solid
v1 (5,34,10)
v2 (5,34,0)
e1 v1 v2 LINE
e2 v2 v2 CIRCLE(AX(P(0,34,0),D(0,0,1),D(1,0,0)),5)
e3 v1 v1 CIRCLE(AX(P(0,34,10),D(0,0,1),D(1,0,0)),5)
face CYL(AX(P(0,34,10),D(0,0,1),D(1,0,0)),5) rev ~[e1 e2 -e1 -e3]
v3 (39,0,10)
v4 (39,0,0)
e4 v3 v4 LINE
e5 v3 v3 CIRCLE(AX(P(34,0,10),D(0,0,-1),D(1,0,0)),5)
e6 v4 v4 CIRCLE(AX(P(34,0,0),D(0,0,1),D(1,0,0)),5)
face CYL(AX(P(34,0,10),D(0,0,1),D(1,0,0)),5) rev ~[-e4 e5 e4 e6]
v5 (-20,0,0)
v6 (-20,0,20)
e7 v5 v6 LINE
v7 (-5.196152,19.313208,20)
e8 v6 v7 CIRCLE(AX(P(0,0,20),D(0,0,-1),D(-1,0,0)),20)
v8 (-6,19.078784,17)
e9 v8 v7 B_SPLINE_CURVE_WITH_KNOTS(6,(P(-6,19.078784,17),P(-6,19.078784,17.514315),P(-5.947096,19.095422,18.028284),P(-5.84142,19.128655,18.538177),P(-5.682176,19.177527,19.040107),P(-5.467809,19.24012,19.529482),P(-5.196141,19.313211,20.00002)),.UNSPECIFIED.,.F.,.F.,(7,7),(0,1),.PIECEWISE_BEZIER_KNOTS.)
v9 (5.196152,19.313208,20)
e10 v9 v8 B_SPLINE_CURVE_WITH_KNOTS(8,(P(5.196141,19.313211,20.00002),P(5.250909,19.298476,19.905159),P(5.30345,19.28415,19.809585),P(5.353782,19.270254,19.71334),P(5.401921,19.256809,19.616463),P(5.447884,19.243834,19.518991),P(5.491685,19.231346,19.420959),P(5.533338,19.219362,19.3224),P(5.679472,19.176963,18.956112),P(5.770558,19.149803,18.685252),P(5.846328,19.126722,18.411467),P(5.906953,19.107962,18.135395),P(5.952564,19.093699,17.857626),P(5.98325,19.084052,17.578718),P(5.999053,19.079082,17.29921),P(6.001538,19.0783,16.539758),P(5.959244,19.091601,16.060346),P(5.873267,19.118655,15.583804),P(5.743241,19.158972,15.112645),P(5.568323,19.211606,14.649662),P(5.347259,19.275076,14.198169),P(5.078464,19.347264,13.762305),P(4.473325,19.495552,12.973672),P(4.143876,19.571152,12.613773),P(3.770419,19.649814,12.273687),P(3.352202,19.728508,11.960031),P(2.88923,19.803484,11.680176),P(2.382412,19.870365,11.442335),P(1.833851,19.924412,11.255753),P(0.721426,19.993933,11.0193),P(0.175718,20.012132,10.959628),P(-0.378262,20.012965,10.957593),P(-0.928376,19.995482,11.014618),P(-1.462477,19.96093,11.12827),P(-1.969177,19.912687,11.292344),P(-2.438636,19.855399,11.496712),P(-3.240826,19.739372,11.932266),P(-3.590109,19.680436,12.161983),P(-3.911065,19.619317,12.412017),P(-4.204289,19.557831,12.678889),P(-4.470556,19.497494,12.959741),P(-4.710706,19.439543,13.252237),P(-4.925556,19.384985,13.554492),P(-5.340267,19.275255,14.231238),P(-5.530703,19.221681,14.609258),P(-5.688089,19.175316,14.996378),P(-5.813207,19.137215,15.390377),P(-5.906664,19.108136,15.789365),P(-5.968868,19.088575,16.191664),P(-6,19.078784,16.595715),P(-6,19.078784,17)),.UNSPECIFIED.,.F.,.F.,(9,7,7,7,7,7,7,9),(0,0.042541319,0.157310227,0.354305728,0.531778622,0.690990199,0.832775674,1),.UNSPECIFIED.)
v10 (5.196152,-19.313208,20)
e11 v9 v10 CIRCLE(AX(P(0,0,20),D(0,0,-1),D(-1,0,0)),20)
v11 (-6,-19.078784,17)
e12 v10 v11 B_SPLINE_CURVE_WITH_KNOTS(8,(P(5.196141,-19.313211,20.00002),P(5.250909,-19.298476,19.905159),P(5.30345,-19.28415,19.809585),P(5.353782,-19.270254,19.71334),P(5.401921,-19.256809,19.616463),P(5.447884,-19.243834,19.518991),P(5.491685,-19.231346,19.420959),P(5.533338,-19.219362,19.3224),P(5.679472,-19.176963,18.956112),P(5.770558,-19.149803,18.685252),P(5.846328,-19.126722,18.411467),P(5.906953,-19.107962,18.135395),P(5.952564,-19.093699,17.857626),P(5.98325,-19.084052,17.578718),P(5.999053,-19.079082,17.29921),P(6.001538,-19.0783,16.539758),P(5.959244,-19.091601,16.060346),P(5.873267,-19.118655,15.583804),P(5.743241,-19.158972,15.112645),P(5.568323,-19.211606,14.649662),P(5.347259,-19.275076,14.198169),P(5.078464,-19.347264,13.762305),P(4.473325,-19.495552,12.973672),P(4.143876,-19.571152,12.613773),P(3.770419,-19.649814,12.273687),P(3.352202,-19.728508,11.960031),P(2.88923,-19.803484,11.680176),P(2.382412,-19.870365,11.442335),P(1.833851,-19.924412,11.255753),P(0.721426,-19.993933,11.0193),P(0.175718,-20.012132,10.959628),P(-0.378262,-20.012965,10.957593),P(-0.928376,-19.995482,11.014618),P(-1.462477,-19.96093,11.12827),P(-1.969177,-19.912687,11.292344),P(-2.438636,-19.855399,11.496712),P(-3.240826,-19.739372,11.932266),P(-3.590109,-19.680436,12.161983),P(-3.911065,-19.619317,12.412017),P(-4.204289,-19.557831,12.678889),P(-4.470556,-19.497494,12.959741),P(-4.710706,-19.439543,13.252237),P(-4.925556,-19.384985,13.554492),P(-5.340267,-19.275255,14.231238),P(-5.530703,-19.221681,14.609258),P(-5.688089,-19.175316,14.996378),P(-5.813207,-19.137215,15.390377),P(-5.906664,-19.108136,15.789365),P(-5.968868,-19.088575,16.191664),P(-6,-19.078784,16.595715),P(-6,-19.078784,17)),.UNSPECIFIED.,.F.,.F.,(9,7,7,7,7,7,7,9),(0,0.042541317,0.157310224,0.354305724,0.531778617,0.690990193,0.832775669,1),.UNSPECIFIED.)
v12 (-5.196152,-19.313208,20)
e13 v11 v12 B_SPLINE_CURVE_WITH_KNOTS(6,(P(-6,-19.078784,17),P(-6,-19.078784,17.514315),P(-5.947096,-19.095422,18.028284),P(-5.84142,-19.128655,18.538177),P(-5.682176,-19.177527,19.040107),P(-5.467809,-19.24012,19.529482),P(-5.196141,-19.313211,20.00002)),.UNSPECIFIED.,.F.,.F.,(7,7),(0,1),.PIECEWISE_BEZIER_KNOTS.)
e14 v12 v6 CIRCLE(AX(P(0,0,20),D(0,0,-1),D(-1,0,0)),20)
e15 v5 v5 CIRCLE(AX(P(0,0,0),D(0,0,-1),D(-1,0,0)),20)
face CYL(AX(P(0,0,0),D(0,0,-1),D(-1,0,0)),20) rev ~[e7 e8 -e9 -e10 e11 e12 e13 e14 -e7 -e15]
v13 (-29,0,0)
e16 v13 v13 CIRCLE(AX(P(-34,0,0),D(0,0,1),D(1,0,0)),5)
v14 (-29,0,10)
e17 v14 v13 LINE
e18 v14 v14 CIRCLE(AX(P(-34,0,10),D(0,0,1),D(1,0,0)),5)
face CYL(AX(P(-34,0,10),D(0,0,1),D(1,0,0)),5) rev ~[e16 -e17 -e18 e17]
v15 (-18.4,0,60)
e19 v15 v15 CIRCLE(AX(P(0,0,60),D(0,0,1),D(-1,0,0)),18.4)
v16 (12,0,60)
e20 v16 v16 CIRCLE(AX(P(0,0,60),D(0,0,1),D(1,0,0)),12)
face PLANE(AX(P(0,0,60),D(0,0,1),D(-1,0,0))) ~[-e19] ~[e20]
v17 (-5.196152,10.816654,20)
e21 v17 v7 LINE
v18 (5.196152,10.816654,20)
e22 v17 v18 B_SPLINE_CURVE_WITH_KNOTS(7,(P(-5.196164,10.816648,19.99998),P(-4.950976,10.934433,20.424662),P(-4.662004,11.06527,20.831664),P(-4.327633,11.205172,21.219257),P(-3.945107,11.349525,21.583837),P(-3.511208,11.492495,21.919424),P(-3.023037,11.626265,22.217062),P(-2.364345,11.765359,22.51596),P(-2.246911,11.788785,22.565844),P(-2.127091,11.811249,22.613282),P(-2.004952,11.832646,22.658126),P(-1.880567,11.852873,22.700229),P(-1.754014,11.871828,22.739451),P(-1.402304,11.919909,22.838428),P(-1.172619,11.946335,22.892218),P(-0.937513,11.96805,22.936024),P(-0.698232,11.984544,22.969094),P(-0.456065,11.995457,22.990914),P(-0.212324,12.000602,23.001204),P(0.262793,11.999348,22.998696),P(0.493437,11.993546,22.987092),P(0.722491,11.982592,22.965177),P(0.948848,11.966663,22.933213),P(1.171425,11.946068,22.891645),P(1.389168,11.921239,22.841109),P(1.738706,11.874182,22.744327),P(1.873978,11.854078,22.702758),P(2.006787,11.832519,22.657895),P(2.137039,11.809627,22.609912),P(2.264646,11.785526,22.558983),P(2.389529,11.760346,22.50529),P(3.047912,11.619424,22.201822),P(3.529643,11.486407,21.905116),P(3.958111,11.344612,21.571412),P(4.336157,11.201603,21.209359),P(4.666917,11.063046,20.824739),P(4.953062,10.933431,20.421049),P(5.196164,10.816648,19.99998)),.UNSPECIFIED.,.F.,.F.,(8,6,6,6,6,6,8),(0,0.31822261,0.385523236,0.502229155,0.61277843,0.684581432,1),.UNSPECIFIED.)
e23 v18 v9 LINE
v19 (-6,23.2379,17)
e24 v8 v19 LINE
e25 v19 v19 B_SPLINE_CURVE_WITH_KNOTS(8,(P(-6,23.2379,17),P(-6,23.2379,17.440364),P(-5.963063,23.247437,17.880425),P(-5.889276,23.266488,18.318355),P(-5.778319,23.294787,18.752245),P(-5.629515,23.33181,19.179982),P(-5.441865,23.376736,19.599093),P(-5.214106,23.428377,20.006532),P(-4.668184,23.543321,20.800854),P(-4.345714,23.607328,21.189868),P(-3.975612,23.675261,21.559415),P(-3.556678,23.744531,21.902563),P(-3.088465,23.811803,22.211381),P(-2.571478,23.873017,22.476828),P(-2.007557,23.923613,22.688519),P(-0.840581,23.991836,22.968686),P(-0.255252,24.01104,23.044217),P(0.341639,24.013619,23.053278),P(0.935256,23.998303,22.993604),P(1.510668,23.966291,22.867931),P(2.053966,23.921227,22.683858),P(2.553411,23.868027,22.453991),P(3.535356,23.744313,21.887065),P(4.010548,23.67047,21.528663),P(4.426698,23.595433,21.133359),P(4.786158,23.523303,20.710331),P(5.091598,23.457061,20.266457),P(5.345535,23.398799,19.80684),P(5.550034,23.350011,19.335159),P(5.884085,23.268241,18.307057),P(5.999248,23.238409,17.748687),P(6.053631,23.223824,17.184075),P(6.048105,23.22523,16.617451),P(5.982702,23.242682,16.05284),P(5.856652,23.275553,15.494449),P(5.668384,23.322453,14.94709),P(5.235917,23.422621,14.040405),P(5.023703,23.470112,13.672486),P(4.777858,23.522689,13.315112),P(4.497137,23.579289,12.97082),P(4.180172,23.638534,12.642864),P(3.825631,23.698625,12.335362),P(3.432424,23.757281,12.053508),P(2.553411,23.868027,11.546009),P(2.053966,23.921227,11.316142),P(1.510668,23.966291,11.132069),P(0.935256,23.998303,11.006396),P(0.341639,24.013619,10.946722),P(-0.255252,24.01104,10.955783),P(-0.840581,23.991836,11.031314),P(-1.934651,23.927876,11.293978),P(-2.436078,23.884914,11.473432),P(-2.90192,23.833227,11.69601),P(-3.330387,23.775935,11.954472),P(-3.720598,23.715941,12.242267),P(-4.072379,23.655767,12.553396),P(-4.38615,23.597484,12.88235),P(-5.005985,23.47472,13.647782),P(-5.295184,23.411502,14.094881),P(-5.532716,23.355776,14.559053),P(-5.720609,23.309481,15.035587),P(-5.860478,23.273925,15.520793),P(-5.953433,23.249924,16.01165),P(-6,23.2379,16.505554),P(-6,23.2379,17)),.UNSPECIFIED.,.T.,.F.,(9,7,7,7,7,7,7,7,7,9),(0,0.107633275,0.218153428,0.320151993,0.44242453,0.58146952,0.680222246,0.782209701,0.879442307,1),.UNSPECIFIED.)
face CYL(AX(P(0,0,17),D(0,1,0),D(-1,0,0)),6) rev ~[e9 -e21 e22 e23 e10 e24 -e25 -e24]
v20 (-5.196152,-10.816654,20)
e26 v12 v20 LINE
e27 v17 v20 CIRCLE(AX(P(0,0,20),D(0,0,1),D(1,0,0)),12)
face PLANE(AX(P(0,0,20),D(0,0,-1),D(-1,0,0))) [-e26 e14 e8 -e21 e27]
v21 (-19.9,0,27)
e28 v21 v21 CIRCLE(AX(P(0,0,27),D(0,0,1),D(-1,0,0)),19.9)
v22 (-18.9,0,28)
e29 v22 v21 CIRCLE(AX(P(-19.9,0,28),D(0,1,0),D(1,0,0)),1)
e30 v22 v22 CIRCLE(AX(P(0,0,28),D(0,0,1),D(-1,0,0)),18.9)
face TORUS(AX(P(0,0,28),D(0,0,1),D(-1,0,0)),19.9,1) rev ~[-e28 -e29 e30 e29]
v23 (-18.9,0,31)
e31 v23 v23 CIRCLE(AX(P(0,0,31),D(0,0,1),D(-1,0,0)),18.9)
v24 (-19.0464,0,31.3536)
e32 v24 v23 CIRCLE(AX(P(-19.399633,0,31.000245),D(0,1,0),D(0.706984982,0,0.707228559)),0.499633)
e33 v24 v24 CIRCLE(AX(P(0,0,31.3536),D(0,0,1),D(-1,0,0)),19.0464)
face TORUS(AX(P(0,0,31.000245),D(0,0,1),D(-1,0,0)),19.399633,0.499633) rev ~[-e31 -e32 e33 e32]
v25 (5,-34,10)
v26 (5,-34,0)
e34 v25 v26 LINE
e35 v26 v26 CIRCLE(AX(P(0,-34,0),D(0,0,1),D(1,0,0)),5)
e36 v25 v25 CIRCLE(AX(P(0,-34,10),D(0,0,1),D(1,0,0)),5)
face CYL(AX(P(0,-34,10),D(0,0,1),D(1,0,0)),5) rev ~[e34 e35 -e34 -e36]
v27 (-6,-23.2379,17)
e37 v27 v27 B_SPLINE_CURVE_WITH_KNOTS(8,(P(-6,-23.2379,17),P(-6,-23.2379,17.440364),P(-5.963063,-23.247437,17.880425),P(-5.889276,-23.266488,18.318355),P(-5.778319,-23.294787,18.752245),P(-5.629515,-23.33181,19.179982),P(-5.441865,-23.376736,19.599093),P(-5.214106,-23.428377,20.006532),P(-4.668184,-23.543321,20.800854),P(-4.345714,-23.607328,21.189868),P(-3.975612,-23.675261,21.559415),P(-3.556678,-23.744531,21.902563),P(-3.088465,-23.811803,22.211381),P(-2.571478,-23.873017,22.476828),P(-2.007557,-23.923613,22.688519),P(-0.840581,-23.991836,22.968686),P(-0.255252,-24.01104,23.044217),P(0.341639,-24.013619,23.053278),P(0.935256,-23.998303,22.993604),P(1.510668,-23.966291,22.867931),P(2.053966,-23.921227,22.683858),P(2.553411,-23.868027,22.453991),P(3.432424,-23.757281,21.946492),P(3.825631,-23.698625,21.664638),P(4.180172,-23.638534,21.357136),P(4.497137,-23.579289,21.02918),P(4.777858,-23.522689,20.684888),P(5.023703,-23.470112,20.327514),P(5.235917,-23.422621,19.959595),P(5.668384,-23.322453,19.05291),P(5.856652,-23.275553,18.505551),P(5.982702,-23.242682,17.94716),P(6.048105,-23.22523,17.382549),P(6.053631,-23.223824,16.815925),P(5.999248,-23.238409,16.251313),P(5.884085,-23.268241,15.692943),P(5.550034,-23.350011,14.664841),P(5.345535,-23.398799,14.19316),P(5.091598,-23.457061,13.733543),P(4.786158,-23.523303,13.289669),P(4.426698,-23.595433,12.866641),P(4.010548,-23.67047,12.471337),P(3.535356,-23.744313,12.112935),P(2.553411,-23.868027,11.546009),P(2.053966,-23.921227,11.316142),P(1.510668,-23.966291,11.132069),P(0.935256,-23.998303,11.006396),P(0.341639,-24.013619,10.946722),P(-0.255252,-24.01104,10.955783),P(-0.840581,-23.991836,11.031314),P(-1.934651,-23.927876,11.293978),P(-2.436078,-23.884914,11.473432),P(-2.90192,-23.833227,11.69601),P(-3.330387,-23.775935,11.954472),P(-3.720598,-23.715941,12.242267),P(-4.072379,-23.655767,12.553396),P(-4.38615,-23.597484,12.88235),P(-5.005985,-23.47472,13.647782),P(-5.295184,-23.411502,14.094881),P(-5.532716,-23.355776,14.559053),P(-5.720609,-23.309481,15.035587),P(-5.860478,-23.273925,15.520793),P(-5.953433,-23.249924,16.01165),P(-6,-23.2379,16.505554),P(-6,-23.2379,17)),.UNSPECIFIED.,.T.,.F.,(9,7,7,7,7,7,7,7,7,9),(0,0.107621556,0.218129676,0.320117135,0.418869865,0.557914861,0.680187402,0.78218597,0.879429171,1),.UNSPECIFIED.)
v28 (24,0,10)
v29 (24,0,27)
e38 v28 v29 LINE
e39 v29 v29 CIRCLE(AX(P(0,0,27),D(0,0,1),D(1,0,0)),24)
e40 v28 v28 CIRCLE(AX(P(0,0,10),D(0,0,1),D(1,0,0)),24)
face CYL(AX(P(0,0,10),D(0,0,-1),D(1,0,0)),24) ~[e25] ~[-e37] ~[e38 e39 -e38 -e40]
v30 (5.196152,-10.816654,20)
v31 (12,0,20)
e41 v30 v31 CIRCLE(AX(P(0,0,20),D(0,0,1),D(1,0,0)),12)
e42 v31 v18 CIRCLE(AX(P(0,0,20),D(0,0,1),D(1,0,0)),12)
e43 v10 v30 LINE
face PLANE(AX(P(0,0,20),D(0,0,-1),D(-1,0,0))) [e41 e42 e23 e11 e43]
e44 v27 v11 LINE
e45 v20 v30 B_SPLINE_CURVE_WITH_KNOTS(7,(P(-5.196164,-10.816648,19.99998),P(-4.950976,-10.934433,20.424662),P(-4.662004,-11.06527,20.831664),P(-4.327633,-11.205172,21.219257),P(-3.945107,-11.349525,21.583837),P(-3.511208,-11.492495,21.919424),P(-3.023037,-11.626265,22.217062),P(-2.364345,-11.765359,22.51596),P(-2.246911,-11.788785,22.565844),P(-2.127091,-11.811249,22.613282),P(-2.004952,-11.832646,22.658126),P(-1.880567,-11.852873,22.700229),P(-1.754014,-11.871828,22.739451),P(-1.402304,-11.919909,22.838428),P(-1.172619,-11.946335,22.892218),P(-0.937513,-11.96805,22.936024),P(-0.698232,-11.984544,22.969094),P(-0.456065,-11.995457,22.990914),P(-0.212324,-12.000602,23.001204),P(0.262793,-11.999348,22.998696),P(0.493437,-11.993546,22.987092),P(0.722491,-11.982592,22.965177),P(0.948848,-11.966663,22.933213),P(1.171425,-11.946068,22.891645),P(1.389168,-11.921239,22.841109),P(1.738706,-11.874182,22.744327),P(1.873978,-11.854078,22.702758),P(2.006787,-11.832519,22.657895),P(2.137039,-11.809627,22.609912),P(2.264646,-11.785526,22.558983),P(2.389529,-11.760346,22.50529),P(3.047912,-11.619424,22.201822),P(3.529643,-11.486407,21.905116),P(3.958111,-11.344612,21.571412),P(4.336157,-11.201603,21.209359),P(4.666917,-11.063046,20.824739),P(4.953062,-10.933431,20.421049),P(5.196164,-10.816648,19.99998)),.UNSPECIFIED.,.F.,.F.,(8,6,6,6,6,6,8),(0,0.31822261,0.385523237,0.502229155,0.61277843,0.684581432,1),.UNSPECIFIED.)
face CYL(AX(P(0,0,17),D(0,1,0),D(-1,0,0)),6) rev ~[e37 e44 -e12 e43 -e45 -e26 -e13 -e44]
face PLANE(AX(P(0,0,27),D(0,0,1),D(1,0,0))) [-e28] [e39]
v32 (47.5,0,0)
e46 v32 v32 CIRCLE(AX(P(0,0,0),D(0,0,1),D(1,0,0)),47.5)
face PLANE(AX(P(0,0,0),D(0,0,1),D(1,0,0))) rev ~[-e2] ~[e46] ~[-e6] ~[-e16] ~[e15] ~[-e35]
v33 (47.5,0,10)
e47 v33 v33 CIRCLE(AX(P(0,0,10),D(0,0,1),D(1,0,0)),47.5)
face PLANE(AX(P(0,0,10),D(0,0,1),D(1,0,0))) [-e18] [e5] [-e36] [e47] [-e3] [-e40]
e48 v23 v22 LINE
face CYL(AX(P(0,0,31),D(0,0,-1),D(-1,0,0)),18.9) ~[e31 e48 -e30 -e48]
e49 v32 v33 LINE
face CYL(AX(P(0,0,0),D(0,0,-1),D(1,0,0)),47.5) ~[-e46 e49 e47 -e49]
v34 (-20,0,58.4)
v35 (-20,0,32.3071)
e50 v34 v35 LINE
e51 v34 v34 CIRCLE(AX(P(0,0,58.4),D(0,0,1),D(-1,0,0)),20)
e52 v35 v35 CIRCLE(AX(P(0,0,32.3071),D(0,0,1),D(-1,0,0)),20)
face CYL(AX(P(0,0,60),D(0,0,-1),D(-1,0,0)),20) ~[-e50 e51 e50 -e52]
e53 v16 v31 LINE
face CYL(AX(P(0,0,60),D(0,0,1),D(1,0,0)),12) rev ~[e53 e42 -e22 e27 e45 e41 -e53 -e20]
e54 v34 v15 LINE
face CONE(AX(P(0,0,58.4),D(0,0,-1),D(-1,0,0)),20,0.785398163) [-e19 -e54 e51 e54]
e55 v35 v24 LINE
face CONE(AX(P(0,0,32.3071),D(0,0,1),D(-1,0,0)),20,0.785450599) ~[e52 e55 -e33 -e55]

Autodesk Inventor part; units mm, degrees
ref_plane "YZ Plane" through (0, 0, 0) normal (1, 0, 0) x (0, 1, 0)
ref_plane "XZ Plane" through (0, 0, 0) normal (0, 1, 0) x (-1, 0, 0)
ref_plane "XY Plane" through (0, 0, 0) normal (0, 0, 1) x (1, 0, 0)
sketch "Эскиз1" plane through (0, 0, 0) normal (0, 0, 1) x (1, 0, 0)
  circle A0 centre (0, 0) radius 47.5
  dimension "d0" = 95
extrude "Выдавливание1" add sketch "Эскиз1" along normal blind 10
sketch "Эскиз2" plane through (0, 0, 10) normal (0, 0, 1) x (1, 0, 0)
  circle A0 centre (0, 0) radius 24
  dimension "d3" = 48
extrude "Выдавливание2" add sketch "Эскиз2" along normal blind 17
sketch "Эскиз4" plane through (0, 0, 10) normal (0, 0, 1) x (1, 0, 0)
  line L0 (0, 0) -> (34, 0)
  circle A0 centre (34, 0) radius 5
  circle A1 centre (0, 34) radius 5
  circle A2 centre (-34, 0) radius 5
  circle A3 centre (0, -34) radius 5
  dimension "d9" = 34
  dimension "d10" = 10
  dimension "d13" = 360
extrude "Выдавливание4" cut sketch "Эскиз4" against normal through all
sketch "Эскиз5" plane through (0, 0, 0) normal (0, 1, 0) x (-1, 0, 0)
  line L0 (0, 27) -> (0, 60)
  line L1 (0, 60) -> (20, 60)
  line L2 (20, 60) -> (20, 32.3071)
  line L3 (20, 32.3071) -> (19.0464, 31.3536)
  line L4 (18.9, 31) -> (18.9, 28)
  arc A0 (18.9, 28) -> (19.9, 27) centre (19.9, 28) ccw
  arc A1 (19.0464, 31.3536) -> (18.9, 31) centre (19.4, 31) ccw
  line L5 (0, 27) -> (19.9, 27)
  line L6 (24, 27) -> (-24, 27) projected
  line L7 (0, -12) -> (0, 72) projected
  point P0 (0, 0)
  dimension "d17" = 33
  dimension "d18" = 20
  dimension "d19" = 18.9
  dimension "d20" = 1
  dimension "d21" = 45
  dimension "d22" = 0.5
revolve "Вращение1" add sketch "Эскиз5" angle 360 about axis through (0, 0, -10) along (0, 0, 1)
chamfer "Фаска1" distance 1.6 angle 45 1 edges at (20, 0, 60)
thread "Резьба1" size "M40x1.5" class "6g" standard "ANSI Metric M Profile" full length
sketch "Эскиз6" plane through (0, 0, 60) normal (0, 0, 1) x (1, 0, 0)
  circle A0 centre (0, 0) radius 12
  dimension "d30" = 24
sketch "Эскиз7" plane through (0, 0, 0) normal (0, 0, -1) x (-1, 0, 0)
  circle A0 centre (0, 0) radius 20
  dimension "d31" = 40
extrude "Выдавливание5" cut sketch "Эскиз7" against normal blind 20
extrude "Выдавливание6" cut sketch "Эскиз6" against normal through all
sketch "Эскиз8" plane through (0, 0, 0) normal (0, 1, 0) x (-1, 0, 0)
  circle A0 centre (0, 17) radius 6
  line L0 (0, -16.4988) -> (0, 98.9927) projected
  line L1 (47.5, 10) -> (-47.5, 10) projected
  point P0 (0, 0)
  dimension "d36" = 12
  dimension "d37" = 7
extrude "Выдавливание7" cut sketch "Эскиз8" along normal through all both and the other way through all
properties part number "РК3"
